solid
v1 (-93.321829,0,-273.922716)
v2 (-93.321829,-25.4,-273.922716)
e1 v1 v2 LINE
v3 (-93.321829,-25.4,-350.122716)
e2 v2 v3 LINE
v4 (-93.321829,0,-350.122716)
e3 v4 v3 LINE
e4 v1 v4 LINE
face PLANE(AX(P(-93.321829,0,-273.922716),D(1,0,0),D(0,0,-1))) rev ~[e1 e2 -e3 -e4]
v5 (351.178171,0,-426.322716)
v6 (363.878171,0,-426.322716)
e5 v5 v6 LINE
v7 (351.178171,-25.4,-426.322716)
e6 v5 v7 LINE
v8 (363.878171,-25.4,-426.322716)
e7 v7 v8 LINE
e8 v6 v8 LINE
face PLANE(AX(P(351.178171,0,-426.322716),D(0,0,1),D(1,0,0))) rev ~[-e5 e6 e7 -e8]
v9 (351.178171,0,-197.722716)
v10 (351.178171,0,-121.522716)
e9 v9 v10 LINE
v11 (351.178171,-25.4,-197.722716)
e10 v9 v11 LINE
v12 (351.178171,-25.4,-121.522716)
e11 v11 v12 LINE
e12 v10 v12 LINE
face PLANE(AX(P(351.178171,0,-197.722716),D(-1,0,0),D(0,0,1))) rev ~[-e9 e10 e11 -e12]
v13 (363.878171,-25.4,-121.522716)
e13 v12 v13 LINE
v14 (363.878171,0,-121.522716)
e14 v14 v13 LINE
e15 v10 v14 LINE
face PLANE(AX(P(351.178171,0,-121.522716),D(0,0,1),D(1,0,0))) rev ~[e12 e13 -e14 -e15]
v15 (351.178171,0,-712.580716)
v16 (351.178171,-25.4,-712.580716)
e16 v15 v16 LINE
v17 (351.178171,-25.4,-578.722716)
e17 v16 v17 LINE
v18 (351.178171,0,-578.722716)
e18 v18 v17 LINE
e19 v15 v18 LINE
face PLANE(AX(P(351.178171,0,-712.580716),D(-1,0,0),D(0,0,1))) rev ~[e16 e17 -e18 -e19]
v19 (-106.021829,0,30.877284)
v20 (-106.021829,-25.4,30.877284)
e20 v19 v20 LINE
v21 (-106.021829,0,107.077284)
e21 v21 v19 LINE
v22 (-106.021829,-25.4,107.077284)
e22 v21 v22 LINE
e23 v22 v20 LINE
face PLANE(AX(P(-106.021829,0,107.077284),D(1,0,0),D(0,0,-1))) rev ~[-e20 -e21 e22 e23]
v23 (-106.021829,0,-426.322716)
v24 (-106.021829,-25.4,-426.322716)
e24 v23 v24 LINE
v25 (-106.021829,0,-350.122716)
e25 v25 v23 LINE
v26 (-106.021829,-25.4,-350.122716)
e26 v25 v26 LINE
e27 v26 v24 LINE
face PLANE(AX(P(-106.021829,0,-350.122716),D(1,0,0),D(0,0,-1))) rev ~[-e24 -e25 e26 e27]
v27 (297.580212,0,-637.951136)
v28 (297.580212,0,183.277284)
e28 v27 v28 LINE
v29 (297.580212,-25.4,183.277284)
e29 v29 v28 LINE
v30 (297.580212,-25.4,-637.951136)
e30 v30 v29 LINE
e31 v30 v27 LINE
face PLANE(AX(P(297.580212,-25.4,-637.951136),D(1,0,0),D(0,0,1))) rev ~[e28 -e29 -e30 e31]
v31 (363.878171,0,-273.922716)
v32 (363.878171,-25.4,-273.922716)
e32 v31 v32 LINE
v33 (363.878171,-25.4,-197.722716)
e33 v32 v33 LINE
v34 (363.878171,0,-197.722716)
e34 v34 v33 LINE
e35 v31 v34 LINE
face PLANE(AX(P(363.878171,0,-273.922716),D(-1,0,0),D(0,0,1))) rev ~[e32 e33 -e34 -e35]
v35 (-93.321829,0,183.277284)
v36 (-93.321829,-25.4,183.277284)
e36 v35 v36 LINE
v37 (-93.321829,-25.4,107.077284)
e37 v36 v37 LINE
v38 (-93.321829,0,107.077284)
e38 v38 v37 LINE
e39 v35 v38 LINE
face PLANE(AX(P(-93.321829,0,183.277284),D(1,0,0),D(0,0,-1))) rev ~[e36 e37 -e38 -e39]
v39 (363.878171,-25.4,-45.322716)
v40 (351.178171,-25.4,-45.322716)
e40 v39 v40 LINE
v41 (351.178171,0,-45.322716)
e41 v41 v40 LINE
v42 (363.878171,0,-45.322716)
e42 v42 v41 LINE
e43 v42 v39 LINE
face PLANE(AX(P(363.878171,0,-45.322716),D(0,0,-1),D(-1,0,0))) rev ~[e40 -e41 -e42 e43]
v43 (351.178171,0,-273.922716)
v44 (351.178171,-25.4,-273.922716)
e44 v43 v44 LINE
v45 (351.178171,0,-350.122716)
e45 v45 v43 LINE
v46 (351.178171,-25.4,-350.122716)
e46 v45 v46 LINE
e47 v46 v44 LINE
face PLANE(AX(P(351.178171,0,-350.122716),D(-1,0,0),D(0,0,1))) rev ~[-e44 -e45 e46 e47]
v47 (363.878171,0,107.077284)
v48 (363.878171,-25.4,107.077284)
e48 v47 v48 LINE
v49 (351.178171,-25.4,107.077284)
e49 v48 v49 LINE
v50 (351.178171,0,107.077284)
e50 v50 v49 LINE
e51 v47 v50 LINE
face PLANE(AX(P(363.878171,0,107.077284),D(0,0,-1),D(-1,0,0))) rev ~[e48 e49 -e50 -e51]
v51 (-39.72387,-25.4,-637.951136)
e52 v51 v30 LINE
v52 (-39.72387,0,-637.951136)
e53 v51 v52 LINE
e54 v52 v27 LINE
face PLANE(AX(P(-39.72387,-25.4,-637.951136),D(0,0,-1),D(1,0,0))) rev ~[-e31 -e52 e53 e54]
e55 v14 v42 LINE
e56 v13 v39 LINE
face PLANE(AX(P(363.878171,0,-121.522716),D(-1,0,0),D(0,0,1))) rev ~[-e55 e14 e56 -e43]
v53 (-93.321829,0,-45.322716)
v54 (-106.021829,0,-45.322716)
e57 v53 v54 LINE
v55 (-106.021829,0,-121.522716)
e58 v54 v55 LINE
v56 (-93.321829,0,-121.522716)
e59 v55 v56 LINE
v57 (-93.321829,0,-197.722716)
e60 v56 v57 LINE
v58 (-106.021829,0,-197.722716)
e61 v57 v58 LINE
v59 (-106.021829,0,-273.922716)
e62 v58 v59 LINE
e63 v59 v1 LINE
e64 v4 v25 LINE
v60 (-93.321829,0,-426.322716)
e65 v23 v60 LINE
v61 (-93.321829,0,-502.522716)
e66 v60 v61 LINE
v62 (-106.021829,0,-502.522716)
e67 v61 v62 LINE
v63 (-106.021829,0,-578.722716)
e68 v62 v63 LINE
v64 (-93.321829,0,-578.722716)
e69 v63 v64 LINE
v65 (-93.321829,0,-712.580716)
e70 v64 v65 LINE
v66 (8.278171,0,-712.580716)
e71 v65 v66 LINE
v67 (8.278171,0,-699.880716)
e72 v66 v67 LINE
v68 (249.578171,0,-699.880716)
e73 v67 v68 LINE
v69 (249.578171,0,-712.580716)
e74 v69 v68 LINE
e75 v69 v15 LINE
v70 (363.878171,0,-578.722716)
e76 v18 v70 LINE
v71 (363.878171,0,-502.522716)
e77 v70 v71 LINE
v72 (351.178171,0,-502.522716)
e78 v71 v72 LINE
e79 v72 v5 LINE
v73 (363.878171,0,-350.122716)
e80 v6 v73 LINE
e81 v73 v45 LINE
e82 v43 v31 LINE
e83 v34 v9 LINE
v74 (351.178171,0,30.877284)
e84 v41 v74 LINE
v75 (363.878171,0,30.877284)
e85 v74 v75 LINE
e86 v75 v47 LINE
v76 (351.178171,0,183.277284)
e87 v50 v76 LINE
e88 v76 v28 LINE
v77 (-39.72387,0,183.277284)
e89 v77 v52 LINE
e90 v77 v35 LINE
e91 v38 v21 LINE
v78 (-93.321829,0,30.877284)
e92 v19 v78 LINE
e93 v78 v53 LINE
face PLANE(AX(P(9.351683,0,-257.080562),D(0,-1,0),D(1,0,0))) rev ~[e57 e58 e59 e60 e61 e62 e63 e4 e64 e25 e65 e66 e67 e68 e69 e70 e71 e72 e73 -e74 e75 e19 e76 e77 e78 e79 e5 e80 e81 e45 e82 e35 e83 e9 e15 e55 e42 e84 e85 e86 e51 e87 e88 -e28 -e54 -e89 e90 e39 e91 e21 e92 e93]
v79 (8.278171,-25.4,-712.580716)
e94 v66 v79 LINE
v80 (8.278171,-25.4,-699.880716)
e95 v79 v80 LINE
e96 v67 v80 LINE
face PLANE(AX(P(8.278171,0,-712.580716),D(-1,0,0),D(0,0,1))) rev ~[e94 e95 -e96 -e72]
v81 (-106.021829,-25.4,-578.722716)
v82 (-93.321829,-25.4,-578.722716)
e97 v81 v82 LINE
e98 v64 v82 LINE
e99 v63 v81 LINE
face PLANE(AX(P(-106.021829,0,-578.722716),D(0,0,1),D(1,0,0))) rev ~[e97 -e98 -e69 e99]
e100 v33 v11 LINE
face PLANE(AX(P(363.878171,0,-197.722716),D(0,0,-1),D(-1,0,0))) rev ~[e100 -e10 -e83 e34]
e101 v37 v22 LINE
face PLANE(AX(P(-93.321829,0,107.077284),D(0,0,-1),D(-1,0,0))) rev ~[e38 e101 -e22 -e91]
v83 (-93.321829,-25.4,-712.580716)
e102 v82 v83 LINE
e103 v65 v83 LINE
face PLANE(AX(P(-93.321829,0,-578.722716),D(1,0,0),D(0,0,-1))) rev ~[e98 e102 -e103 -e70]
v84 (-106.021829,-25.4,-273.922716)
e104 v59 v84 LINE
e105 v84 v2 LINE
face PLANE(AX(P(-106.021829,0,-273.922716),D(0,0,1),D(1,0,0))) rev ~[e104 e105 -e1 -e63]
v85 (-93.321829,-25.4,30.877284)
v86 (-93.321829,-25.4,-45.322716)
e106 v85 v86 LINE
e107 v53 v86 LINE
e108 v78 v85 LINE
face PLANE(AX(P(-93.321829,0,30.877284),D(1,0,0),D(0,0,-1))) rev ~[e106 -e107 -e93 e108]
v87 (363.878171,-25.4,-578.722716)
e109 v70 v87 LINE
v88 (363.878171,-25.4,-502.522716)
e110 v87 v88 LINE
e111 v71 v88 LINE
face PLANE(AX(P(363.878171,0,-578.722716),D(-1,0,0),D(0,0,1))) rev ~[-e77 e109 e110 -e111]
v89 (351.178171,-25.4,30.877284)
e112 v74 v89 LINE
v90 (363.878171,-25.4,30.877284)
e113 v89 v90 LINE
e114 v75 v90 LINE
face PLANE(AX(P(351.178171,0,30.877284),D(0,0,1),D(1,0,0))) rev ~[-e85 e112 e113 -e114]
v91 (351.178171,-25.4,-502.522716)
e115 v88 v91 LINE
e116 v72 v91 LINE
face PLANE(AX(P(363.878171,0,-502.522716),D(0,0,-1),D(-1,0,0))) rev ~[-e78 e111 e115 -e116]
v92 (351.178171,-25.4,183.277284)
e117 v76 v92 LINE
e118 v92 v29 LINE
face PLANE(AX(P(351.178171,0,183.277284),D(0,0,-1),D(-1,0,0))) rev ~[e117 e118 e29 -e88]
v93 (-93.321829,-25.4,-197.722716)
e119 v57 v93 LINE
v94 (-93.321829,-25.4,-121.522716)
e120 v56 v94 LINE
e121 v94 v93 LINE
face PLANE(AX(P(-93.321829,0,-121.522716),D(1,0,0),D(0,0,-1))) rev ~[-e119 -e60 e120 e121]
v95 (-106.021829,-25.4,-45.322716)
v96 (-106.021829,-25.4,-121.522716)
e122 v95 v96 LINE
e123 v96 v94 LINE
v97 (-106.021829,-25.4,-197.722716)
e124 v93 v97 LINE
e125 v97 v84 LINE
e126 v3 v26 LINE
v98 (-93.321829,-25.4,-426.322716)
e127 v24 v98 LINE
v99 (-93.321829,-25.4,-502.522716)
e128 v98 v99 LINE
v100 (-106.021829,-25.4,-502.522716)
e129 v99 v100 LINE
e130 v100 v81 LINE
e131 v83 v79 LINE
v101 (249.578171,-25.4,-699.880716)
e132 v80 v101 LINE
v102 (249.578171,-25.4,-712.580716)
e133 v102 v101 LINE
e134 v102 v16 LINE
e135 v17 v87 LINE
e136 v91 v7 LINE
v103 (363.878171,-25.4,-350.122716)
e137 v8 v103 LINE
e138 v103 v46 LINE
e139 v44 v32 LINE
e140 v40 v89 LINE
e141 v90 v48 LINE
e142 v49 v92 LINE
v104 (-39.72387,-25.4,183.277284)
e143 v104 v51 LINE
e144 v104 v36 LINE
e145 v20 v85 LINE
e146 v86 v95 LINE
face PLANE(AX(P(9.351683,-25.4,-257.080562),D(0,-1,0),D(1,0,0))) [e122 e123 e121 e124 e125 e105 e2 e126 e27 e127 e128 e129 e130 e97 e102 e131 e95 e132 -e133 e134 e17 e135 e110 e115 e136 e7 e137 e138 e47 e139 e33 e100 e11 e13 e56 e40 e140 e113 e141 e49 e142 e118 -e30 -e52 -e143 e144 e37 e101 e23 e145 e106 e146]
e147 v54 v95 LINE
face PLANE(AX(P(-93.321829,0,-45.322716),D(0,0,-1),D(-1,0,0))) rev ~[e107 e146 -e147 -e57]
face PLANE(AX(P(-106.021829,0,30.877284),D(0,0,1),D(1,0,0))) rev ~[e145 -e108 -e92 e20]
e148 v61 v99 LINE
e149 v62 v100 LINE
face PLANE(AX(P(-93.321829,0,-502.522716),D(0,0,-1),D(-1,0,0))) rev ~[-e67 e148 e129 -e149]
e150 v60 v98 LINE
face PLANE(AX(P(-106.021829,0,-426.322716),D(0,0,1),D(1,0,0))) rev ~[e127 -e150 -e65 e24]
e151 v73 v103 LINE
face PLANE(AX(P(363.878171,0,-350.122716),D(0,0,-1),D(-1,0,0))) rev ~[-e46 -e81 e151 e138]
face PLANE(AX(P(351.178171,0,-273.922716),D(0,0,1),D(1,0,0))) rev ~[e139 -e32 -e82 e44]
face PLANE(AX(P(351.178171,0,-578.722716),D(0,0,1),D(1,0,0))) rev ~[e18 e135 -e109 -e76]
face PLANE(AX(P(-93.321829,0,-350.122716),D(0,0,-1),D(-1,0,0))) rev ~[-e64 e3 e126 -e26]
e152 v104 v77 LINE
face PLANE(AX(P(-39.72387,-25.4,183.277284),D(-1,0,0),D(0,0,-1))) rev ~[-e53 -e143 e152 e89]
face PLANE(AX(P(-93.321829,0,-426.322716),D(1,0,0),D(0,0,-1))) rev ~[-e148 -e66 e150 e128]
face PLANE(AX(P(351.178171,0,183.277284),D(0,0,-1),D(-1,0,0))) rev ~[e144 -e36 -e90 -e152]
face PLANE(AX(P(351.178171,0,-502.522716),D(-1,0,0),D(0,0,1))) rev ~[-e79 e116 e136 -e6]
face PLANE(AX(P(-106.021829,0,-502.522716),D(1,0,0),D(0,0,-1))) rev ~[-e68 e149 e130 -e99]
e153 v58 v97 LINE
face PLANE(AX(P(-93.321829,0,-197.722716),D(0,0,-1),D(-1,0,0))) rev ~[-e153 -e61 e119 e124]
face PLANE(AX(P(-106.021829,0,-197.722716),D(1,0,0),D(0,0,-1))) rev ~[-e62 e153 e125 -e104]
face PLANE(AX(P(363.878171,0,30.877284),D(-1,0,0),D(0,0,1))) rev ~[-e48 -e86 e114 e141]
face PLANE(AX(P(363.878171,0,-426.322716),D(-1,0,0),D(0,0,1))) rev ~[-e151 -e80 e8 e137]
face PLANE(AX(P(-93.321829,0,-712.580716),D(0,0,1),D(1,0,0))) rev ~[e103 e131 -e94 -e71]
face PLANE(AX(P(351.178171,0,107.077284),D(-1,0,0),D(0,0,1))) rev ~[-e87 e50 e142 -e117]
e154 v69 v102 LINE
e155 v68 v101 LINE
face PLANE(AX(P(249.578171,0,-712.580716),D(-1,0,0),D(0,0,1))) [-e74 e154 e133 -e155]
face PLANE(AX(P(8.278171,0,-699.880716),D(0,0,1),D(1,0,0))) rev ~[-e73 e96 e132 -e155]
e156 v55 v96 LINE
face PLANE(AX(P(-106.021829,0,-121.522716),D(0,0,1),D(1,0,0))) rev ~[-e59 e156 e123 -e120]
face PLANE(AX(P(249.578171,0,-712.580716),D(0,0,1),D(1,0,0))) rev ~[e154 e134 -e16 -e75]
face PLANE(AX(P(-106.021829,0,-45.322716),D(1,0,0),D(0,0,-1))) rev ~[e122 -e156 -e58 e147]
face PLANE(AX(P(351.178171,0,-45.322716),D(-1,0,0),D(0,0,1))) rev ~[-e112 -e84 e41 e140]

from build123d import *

# Parameters (mm, degrees)
F0_W     = 101.6
F0_H     = 12.7
F1_DEPTH = 25.4
F2_W     = 168.6520413041
F2_H     = 61.9295807295
F2_H_2   = 759.2988385411
F3_DEPTH = 25.401


with BuildPart() as f1:
    # F0 (on Front) → F1 (new body)
    with BuildSketch(Plane.XZ):
        Polygon((128.9281710505, -699.8807162309), (128.9281710505, 183.2772837691), (-93.3218289495, 183.2772837691), (-93.3218289495, 107.0772837691), (-106.0218289495, 107.0772837691), (-106.0218289495, 30.8772837691), (-93.3218289495, 30.8772837691), (-93.3218289495, -45.3227162309), (-106.0218289495, -45.3227162309), (-106.0218289495, -121.5227162309), (-93.3218289495, -121.5227162309), (-93.3218289495, -197.7227162309), (-106.0218289495, -197.7227162309), (-106.0218289495, -273.9227162309), (-93.3218289495, -273.9227162309), (-93.3218289495, -350.1227162309), (-106.0218289495, -350.1227162309), (-106.0218289495, -426.3227162309), (-93.3218289495, -426.3227162309), (-93.3218289495, -502.5227162309), (-106.0218289495, -502.5227162309), (-106.0218289495, -578.7227162309), (-93.3218289495, -578.7227162309), (-93.3218289495, -699.8807162309), (8.2781710505, -699.8807162309), align=None)
        Polygon((351.1781710505, 183.2772837691), (128.9281710505, 183.2772837691), (128.9281710505, -699.8807162309), (249.5781710505, -699.8807162309), (351.1781710505, -699.8807162309), (351.1781710505, -578.7227162309), (363.8781710505, -578.7227162309), (363.8781710505, -502.5227162309), (351.1781710505, -502.5227162309), (351.1781710505, -426.3227162309), (363.8781710505, -426.3227162309), (363.8781710505, -350.1227162309), (351.1781710505, -350.1227162309), (351.1781710505, -273.9227162309), (363.8781710505, -273.9227162309), (363.8781710505, -197.7227162309), (351.1781710505, -197.7227162309), (351.1781710505, -121.5227162309), (363.8781710505, -121.5227162309), (363.8781710505, -45.3227162309), (351.1781710505, -45.3227162309), (351.1781710505, 30.8772837691), (363.8781710505, 30.8772837691), (363.8781710505, 107.0772837691), (351.1781710505, 107.0772837691), align=None)
        with Locations((-42.5218289495, -706.2307162309)):
            Rectangle(F0_W, F0_H)
        with Locations((300.3781710505, -706.2307162309)):
            Rectangle(F0_W, F0_H)
    extrude(amount=F1_DEPTH)

    # F2 (on face) → F3 (cut, through all)
    with BuildSketch(Plane.XZ.offset(25.4)):
        with Locations((213.2541917026, 152.3124934044)):
            Rectangle(F2_W, F2_H)
        with Locations((44.6021503985, 152.3124934044)):
            Rectangle(F2_W, F2_H)
        with Locations((213.2541917026, -258.3017162309)):
            Rectangle(F2_W, F2_H_2)
        with Locations((44.6021503985, -258.3017162309)):
            Rectangle(F2_W, F2_H_2)
    extrude(amount=-F3_DEPTH, mode=Mode.SUBTRACT)


solid = f1.part
